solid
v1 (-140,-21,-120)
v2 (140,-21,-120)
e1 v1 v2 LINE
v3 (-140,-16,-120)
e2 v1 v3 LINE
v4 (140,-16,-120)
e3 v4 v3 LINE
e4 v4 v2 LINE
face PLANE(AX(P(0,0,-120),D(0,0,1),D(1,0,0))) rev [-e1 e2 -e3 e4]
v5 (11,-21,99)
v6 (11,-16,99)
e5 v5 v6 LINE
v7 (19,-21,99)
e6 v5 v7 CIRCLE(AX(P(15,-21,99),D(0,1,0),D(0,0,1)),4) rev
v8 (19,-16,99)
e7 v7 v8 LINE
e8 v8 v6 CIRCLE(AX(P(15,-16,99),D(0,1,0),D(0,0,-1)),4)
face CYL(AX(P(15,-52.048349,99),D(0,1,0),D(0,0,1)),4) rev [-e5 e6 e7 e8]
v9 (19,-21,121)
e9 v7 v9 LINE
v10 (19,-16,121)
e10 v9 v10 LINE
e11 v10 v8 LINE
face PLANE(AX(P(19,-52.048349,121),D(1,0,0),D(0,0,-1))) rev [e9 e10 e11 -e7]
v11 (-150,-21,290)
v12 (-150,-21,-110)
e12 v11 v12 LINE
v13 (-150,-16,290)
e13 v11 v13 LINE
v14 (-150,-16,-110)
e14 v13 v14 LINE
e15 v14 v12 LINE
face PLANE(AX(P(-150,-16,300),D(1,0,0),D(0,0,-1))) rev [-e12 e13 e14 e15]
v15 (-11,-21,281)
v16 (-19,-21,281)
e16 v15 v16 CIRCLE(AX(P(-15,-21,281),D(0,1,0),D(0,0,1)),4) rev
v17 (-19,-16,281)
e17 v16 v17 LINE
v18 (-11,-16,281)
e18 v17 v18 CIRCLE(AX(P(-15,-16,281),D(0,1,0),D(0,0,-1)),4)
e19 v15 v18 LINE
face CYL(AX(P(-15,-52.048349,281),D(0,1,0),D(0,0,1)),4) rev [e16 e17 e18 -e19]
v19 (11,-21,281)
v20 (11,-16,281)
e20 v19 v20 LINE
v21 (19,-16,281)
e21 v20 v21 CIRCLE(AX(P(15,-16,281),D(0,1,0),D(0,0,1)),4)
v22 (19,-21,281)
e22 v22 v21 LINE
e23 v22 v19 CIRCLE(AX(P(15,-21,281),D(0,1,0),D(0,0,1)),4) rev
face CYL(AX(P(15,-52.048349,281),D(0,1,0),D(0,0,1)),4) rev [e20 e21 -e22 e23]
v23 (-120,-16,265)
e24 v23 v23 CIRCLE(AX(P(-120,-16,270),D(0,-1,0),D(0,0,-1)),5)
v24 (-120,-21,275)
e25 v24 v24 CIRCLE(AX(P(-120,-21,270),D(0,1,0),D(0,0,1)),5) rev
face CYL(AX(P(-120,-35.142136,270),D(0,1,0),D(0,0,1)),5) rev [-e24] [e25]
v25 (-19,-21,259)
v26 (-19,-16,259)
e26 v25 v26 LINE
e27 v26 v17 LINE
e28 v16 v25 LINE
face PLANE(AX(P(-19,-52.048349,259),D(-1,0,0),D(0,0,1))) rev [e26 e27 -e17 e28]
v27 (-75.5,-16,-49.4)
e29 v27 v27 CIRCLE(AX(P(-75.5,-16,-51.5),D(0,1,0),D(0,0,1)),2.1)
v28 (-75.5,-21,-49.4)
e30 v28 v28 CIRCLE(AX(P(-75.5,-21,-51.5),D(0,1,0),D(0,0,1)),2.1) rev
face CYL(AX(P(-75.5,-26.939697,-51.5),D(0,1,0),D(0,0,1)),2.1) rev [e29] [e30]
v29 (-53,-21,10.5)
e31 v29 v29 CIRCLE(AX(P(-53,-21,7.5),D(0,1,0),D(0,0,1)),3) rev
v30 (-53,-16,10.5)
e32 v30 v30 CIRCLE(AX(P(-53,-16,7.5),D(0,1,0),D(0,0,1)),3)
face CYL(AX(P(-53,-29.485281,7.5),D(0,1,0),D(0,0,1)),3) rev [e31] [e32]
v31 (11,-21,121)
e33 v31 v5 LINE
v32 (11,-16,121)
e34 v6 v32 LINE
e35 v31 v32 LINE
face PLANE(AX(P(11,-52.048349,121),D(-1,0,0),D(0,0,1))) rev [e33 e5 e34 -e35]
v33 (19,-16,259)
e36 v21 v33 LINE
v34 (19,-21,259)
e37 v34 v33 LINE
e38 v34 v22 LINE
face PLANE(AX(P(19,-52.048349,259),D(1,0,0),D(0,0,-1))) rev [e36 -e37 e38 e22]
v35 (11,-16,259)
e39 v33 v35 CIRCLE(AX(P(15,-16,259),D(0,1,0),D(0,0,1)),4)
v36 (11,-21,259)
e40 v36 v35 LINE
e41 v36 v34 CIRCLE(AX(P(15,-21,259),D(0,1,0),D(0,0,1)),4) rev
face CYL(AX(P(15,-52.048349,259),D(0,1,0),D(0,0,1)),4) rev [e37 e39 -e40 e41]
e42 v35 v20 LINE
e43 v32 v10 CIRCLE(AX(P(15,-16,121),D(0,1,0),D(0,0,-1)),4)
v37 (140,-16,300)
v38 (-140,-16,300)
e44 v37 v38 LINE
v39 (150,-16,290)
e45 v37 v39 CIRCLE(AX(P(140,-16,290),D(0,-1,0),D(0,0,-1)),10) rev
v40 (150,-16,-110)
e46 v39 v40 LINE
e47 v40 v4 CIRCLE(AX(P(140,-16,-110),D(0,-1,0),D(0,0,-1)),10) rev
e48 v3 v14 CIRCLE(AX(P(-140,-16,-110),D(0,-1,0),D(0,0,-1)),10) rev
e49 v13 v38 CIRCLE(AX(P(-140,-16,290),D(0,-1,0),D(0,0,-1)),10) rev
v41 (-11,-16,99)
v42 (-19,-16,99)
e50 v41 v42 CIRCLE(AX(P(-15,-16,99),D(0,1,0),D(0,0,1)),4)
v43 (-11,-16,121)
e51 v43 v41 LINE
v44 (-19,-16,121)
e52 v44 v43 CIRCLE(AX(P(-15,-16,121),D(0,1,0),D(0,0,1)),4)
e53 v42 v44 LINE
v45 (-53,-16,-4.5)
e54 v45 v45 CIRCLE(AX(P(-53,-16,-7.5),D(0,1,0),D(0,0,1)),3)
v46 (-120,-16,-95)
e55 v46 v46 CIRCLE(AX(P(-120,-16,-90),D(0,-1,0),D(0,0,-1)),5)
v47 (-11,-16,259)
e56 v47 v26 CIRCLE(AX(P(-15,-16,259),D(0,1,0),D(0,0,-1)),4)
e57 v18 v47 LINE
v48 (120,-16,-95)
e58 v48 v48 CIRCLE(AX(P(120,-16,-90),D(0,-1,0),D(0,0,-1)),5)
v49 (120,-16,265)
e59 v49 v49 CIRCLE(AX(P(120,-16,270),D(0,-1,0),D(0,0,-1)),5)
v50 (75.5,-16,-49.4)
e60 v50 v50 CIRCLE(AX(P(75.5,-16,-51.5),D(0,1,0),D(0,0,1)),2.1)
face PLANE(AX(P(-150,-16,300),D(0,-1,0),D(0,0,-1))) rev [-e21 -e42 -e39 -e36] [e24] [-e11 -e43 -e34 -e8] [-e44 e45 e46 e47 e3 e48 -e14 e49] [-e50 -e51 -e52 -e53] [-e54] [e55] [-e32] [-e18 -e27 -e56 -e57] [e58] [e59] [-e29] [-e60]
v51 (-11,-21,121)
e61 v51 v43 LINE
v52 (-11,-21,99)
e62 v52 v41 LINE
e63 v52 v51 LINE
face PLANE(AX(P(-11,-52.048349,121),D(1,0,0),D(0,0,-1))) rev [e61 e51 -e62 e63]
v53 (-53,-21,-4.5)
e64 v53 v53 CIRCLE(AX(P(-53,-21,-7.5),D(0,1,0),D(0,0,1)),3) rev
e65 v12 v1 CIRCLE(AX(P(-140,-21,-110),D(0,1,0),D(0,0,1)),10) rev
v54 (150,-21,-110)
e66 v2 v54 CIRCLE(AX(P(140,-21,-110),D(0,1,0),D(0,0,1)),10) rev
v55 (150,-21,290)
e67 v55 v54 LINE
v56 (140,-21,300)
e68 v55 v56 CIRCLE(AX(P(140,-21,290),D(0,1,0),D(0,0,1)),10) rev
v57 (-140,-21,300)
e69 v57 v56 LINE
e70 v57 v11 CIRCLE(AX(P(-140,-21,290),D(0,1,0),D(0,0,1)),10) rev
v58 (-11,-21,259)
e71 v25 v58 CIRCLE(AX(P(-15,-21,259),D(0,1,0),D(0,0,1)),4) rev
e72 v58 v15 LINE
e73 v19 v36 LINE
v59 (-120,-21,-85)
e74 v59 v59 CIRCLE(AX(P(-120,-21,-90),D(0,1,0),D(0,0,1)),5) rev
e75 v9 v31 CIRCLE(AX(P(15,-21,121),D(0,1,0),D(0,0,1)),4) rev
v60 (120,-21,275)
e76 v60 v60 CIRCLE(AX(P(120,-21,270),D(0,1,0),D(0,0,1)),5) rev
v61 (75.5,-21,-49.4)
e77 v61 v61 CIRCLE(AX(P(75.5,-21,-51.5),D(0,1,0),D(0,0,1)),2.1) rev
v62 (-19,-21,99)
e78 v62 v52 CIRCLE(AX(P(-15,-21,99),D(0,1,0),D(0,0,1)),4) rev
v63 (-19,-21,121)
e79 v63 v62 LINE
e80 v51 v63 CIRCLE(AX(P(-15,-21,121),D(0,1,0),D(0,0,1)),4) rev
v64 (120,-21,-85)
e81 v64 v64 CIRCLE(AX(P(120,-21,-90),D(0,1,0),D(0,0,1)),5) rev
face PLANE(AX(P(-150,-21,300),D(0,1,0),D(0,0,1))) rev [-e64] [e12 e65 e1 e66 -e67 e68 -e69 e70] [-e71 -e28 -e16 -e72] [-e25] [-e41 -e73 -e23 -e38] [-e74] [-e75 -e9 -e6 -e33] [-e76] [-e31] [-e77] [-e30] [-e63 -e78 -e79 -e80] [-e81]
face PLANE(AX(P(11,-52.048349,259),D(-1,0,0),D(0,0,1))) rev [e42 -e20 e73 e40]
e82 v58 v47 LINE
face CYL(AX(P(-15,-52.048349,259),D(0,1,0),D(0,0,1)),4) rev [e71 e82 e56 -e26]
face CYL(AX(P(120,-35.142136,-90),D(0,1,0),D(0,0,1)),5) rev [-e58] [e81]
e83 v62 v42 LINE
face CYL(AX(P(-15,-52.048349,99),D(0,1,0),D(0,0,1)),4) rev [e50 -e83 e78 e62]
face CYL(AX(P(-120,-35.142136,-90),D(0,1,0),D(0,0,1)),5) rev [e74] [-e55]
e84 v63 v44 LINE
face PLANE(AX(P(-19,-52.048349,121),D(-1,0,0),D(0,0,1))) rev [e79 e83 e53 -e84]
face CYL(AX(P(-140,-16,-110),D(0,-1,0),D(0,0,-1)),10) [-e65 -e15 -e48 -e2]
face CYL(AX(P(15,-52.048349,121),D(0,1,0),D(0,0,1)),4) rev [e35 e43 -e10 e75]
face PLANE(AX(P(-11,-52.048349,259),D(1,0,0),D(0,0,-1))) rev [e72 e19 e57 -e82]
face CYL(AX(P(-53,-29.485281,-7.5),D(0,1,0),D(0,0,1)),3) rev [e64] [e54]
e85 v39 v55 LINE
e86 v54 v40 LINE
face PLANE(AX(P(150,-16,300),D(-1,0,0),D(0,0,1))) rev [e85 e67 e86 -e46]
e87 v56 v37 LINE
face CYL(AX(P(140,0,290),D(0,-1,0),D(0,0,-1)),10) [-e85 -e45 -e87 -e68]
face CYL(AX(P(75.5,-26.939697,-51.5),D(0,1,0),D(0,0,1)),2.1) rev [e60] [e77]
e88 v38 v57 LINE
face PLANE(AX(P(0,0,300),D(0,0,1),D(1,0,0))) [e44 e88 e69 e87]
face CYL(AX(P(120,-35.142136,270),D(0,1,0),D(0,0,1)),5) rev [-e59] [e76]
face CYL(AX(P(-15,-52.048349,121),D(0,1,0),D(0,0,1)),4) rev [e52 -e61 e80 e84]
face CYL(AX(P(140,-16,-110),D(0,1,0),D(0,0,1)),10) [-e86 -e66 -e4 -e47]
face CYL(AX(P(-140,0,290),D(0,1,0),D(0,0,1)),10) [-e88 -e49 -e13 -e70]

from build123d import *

# Parameters (mm, degrees)
SKIZZE2_W                            = 300
SKIZZE2_H                            = 5
AUFSATZ_LINEAR_AUSTRAGEN1_DEPTH      = 300
AUFSATZ_LINEAR_AUSTRAGEN1_DEPTH_BACK = 120
SCHNITT_LINEAR_AUSTRAGEN1_DEPTH      = 5
SKIZZE6_R                            = 3
SCHNITT_LINEAR_AUSTRAGEN2_DEPTH      = 5
SKIZZE8_R                            = 5
SCHNITT_LINEAR_AUSTRAGEN3_DEPTH      = 21
VERRUNDUNG1_R                        = 10
SKIZZE9_R                            = 2.1
SCHNITT_LINEAR_AUSTRAGEN4_DEPTH      = 5


with BuildPart() as part:
    # Skizze2 → Aufsatz-Linear austragen1 (new body, two sides)
    with BuildSketch(Plane.XY) as aufsatz_linear_austragen1_sk:
        with Locations((0, -18.5)):
            Rectangle(SKIZZE2_W, SKIZZE2_H)
    extrude(amount=AUFSATZ_LINEAR_AUSTRAGEN1_DEPTH)
    extrude(aufsatz_linear_austragen1_sk.sketch, amount=-AUFSATZ_LINEAR_AUSTRAGEN1_DEPTH_BACK)

    # Skizze4 → Schnitt-Linear austragen1 (cut)
    with BuildSketch(Plane(origin=(0, -16, 0), x_dir=(1, 0, 0), z_dir=(0, 1, 0))):
        with BuildLine():
            Line((-19, -121), (-19, -99))
            ThreePointArc((-19, -99), (-15, -95), (-11, -99))
            Line((-11, -99), (-11, -121))
            ThreePointArc((-11, -121), (-15, -125), (-19, -121))
        make_face()
        with BuildLine():
            Line((19, -121), (19, -99))
            ThreePointArc((19, -99), (15, -95), (11, -99))
            Line((11, -99), (11, -121))
            ThreePointArc((11, -121), (15, -125), (19, -121))
        make_face()
        with BuildLine():
            Line((-19, -259), (-19, -281))
            ThreePointArc((-19, -281), (-15, -285), (-11, -281))
            Line((-11, -281), (-11, -259))
            ThreePointArc((-11, -259), (-15, -255), (-19, -259))
        make_face()
        with BuildLine():
            Line((19, -259), (19, -281))
            ThreePointArc((19, -281), (15, -285), (11, -281))
            Line((11, -281), (11, -259))
            ThreePointArc((11, -259), (15, -255), (19, -259))
        make_face()
    extrude(amount=-SCHNITT_LINEAR_AUSTRAGEN1_DEPTH, mode=Mode.SUBTRACT)

    # Skizze6 → Schnitt-Linear austragen2 (cut)
    with BuildSketch(Plane(origin=(0, -16, 0), x_dir=(1, 0, 0), z_dir=(0, 1, 0))):
        with Locations((-53, 7.5)):
            Circle(SKIZZE6_R)
        with Locations((-53, -7.5)):
            Circle(SKIZZE6_R)
    extrude(amount=-SCHNITT_LINEAR_AUSTRAGEN2_DEPTH, mode=Mode.SUBTRACT)

    # Skizze8 → Schnitt-Linear austragen3 (cut)
    with BuildSketch(Plane(origin=(0, 0, 0), x_dir=(1, 0, 0), z_dir=(0, 1, 0))):
        with Locations((-120, 90)):
            Circle(SKIZZE8_R)
        with Locations((120, 90)):
            Circle(SKIZZE8_R)
        with Locations((120, -270)):
            Circle(SKIZZE8_R)
        with Locations((-120, -270)):
            Circle(SKIZZE8_R)
    extrude(amount=-SCHNITT_LINEAR_AUSTRAGEN3_DEPTH, mode=Mode.SUBTRACT)

    # Verrundung1
    verrundung1_edges = [part.edges().sort_by_distance(p)[0] for p in [
        (-150, -18.5, -120),
        (150, -18.5, -120),
        (150, -18.5, 300),
        (-150, -18.5, 300),
    ]]
    fillet(verrundung1_edges, radius=VERRUNDUNG1_R)

    # Skizze9 → Schnitt-Linear austragen4 (cut)
    with BuildSketch(Plane(origin=(0, -16, 0), x_dir=(1, 0, 0), z_dir=(0, 1, 0))):
        with Locations((75.5, 51.5)):
            Circle(SKIZZE9_R)
        with Locations((-75.5, 51.5)):
            Circle(SKIZZE9_R)
    extrude(amount=-SCHNITT_LINEAR_AUSTRAGEN4_DEPTH, mode=Mode.SUBTRACT)


solid = part.part
